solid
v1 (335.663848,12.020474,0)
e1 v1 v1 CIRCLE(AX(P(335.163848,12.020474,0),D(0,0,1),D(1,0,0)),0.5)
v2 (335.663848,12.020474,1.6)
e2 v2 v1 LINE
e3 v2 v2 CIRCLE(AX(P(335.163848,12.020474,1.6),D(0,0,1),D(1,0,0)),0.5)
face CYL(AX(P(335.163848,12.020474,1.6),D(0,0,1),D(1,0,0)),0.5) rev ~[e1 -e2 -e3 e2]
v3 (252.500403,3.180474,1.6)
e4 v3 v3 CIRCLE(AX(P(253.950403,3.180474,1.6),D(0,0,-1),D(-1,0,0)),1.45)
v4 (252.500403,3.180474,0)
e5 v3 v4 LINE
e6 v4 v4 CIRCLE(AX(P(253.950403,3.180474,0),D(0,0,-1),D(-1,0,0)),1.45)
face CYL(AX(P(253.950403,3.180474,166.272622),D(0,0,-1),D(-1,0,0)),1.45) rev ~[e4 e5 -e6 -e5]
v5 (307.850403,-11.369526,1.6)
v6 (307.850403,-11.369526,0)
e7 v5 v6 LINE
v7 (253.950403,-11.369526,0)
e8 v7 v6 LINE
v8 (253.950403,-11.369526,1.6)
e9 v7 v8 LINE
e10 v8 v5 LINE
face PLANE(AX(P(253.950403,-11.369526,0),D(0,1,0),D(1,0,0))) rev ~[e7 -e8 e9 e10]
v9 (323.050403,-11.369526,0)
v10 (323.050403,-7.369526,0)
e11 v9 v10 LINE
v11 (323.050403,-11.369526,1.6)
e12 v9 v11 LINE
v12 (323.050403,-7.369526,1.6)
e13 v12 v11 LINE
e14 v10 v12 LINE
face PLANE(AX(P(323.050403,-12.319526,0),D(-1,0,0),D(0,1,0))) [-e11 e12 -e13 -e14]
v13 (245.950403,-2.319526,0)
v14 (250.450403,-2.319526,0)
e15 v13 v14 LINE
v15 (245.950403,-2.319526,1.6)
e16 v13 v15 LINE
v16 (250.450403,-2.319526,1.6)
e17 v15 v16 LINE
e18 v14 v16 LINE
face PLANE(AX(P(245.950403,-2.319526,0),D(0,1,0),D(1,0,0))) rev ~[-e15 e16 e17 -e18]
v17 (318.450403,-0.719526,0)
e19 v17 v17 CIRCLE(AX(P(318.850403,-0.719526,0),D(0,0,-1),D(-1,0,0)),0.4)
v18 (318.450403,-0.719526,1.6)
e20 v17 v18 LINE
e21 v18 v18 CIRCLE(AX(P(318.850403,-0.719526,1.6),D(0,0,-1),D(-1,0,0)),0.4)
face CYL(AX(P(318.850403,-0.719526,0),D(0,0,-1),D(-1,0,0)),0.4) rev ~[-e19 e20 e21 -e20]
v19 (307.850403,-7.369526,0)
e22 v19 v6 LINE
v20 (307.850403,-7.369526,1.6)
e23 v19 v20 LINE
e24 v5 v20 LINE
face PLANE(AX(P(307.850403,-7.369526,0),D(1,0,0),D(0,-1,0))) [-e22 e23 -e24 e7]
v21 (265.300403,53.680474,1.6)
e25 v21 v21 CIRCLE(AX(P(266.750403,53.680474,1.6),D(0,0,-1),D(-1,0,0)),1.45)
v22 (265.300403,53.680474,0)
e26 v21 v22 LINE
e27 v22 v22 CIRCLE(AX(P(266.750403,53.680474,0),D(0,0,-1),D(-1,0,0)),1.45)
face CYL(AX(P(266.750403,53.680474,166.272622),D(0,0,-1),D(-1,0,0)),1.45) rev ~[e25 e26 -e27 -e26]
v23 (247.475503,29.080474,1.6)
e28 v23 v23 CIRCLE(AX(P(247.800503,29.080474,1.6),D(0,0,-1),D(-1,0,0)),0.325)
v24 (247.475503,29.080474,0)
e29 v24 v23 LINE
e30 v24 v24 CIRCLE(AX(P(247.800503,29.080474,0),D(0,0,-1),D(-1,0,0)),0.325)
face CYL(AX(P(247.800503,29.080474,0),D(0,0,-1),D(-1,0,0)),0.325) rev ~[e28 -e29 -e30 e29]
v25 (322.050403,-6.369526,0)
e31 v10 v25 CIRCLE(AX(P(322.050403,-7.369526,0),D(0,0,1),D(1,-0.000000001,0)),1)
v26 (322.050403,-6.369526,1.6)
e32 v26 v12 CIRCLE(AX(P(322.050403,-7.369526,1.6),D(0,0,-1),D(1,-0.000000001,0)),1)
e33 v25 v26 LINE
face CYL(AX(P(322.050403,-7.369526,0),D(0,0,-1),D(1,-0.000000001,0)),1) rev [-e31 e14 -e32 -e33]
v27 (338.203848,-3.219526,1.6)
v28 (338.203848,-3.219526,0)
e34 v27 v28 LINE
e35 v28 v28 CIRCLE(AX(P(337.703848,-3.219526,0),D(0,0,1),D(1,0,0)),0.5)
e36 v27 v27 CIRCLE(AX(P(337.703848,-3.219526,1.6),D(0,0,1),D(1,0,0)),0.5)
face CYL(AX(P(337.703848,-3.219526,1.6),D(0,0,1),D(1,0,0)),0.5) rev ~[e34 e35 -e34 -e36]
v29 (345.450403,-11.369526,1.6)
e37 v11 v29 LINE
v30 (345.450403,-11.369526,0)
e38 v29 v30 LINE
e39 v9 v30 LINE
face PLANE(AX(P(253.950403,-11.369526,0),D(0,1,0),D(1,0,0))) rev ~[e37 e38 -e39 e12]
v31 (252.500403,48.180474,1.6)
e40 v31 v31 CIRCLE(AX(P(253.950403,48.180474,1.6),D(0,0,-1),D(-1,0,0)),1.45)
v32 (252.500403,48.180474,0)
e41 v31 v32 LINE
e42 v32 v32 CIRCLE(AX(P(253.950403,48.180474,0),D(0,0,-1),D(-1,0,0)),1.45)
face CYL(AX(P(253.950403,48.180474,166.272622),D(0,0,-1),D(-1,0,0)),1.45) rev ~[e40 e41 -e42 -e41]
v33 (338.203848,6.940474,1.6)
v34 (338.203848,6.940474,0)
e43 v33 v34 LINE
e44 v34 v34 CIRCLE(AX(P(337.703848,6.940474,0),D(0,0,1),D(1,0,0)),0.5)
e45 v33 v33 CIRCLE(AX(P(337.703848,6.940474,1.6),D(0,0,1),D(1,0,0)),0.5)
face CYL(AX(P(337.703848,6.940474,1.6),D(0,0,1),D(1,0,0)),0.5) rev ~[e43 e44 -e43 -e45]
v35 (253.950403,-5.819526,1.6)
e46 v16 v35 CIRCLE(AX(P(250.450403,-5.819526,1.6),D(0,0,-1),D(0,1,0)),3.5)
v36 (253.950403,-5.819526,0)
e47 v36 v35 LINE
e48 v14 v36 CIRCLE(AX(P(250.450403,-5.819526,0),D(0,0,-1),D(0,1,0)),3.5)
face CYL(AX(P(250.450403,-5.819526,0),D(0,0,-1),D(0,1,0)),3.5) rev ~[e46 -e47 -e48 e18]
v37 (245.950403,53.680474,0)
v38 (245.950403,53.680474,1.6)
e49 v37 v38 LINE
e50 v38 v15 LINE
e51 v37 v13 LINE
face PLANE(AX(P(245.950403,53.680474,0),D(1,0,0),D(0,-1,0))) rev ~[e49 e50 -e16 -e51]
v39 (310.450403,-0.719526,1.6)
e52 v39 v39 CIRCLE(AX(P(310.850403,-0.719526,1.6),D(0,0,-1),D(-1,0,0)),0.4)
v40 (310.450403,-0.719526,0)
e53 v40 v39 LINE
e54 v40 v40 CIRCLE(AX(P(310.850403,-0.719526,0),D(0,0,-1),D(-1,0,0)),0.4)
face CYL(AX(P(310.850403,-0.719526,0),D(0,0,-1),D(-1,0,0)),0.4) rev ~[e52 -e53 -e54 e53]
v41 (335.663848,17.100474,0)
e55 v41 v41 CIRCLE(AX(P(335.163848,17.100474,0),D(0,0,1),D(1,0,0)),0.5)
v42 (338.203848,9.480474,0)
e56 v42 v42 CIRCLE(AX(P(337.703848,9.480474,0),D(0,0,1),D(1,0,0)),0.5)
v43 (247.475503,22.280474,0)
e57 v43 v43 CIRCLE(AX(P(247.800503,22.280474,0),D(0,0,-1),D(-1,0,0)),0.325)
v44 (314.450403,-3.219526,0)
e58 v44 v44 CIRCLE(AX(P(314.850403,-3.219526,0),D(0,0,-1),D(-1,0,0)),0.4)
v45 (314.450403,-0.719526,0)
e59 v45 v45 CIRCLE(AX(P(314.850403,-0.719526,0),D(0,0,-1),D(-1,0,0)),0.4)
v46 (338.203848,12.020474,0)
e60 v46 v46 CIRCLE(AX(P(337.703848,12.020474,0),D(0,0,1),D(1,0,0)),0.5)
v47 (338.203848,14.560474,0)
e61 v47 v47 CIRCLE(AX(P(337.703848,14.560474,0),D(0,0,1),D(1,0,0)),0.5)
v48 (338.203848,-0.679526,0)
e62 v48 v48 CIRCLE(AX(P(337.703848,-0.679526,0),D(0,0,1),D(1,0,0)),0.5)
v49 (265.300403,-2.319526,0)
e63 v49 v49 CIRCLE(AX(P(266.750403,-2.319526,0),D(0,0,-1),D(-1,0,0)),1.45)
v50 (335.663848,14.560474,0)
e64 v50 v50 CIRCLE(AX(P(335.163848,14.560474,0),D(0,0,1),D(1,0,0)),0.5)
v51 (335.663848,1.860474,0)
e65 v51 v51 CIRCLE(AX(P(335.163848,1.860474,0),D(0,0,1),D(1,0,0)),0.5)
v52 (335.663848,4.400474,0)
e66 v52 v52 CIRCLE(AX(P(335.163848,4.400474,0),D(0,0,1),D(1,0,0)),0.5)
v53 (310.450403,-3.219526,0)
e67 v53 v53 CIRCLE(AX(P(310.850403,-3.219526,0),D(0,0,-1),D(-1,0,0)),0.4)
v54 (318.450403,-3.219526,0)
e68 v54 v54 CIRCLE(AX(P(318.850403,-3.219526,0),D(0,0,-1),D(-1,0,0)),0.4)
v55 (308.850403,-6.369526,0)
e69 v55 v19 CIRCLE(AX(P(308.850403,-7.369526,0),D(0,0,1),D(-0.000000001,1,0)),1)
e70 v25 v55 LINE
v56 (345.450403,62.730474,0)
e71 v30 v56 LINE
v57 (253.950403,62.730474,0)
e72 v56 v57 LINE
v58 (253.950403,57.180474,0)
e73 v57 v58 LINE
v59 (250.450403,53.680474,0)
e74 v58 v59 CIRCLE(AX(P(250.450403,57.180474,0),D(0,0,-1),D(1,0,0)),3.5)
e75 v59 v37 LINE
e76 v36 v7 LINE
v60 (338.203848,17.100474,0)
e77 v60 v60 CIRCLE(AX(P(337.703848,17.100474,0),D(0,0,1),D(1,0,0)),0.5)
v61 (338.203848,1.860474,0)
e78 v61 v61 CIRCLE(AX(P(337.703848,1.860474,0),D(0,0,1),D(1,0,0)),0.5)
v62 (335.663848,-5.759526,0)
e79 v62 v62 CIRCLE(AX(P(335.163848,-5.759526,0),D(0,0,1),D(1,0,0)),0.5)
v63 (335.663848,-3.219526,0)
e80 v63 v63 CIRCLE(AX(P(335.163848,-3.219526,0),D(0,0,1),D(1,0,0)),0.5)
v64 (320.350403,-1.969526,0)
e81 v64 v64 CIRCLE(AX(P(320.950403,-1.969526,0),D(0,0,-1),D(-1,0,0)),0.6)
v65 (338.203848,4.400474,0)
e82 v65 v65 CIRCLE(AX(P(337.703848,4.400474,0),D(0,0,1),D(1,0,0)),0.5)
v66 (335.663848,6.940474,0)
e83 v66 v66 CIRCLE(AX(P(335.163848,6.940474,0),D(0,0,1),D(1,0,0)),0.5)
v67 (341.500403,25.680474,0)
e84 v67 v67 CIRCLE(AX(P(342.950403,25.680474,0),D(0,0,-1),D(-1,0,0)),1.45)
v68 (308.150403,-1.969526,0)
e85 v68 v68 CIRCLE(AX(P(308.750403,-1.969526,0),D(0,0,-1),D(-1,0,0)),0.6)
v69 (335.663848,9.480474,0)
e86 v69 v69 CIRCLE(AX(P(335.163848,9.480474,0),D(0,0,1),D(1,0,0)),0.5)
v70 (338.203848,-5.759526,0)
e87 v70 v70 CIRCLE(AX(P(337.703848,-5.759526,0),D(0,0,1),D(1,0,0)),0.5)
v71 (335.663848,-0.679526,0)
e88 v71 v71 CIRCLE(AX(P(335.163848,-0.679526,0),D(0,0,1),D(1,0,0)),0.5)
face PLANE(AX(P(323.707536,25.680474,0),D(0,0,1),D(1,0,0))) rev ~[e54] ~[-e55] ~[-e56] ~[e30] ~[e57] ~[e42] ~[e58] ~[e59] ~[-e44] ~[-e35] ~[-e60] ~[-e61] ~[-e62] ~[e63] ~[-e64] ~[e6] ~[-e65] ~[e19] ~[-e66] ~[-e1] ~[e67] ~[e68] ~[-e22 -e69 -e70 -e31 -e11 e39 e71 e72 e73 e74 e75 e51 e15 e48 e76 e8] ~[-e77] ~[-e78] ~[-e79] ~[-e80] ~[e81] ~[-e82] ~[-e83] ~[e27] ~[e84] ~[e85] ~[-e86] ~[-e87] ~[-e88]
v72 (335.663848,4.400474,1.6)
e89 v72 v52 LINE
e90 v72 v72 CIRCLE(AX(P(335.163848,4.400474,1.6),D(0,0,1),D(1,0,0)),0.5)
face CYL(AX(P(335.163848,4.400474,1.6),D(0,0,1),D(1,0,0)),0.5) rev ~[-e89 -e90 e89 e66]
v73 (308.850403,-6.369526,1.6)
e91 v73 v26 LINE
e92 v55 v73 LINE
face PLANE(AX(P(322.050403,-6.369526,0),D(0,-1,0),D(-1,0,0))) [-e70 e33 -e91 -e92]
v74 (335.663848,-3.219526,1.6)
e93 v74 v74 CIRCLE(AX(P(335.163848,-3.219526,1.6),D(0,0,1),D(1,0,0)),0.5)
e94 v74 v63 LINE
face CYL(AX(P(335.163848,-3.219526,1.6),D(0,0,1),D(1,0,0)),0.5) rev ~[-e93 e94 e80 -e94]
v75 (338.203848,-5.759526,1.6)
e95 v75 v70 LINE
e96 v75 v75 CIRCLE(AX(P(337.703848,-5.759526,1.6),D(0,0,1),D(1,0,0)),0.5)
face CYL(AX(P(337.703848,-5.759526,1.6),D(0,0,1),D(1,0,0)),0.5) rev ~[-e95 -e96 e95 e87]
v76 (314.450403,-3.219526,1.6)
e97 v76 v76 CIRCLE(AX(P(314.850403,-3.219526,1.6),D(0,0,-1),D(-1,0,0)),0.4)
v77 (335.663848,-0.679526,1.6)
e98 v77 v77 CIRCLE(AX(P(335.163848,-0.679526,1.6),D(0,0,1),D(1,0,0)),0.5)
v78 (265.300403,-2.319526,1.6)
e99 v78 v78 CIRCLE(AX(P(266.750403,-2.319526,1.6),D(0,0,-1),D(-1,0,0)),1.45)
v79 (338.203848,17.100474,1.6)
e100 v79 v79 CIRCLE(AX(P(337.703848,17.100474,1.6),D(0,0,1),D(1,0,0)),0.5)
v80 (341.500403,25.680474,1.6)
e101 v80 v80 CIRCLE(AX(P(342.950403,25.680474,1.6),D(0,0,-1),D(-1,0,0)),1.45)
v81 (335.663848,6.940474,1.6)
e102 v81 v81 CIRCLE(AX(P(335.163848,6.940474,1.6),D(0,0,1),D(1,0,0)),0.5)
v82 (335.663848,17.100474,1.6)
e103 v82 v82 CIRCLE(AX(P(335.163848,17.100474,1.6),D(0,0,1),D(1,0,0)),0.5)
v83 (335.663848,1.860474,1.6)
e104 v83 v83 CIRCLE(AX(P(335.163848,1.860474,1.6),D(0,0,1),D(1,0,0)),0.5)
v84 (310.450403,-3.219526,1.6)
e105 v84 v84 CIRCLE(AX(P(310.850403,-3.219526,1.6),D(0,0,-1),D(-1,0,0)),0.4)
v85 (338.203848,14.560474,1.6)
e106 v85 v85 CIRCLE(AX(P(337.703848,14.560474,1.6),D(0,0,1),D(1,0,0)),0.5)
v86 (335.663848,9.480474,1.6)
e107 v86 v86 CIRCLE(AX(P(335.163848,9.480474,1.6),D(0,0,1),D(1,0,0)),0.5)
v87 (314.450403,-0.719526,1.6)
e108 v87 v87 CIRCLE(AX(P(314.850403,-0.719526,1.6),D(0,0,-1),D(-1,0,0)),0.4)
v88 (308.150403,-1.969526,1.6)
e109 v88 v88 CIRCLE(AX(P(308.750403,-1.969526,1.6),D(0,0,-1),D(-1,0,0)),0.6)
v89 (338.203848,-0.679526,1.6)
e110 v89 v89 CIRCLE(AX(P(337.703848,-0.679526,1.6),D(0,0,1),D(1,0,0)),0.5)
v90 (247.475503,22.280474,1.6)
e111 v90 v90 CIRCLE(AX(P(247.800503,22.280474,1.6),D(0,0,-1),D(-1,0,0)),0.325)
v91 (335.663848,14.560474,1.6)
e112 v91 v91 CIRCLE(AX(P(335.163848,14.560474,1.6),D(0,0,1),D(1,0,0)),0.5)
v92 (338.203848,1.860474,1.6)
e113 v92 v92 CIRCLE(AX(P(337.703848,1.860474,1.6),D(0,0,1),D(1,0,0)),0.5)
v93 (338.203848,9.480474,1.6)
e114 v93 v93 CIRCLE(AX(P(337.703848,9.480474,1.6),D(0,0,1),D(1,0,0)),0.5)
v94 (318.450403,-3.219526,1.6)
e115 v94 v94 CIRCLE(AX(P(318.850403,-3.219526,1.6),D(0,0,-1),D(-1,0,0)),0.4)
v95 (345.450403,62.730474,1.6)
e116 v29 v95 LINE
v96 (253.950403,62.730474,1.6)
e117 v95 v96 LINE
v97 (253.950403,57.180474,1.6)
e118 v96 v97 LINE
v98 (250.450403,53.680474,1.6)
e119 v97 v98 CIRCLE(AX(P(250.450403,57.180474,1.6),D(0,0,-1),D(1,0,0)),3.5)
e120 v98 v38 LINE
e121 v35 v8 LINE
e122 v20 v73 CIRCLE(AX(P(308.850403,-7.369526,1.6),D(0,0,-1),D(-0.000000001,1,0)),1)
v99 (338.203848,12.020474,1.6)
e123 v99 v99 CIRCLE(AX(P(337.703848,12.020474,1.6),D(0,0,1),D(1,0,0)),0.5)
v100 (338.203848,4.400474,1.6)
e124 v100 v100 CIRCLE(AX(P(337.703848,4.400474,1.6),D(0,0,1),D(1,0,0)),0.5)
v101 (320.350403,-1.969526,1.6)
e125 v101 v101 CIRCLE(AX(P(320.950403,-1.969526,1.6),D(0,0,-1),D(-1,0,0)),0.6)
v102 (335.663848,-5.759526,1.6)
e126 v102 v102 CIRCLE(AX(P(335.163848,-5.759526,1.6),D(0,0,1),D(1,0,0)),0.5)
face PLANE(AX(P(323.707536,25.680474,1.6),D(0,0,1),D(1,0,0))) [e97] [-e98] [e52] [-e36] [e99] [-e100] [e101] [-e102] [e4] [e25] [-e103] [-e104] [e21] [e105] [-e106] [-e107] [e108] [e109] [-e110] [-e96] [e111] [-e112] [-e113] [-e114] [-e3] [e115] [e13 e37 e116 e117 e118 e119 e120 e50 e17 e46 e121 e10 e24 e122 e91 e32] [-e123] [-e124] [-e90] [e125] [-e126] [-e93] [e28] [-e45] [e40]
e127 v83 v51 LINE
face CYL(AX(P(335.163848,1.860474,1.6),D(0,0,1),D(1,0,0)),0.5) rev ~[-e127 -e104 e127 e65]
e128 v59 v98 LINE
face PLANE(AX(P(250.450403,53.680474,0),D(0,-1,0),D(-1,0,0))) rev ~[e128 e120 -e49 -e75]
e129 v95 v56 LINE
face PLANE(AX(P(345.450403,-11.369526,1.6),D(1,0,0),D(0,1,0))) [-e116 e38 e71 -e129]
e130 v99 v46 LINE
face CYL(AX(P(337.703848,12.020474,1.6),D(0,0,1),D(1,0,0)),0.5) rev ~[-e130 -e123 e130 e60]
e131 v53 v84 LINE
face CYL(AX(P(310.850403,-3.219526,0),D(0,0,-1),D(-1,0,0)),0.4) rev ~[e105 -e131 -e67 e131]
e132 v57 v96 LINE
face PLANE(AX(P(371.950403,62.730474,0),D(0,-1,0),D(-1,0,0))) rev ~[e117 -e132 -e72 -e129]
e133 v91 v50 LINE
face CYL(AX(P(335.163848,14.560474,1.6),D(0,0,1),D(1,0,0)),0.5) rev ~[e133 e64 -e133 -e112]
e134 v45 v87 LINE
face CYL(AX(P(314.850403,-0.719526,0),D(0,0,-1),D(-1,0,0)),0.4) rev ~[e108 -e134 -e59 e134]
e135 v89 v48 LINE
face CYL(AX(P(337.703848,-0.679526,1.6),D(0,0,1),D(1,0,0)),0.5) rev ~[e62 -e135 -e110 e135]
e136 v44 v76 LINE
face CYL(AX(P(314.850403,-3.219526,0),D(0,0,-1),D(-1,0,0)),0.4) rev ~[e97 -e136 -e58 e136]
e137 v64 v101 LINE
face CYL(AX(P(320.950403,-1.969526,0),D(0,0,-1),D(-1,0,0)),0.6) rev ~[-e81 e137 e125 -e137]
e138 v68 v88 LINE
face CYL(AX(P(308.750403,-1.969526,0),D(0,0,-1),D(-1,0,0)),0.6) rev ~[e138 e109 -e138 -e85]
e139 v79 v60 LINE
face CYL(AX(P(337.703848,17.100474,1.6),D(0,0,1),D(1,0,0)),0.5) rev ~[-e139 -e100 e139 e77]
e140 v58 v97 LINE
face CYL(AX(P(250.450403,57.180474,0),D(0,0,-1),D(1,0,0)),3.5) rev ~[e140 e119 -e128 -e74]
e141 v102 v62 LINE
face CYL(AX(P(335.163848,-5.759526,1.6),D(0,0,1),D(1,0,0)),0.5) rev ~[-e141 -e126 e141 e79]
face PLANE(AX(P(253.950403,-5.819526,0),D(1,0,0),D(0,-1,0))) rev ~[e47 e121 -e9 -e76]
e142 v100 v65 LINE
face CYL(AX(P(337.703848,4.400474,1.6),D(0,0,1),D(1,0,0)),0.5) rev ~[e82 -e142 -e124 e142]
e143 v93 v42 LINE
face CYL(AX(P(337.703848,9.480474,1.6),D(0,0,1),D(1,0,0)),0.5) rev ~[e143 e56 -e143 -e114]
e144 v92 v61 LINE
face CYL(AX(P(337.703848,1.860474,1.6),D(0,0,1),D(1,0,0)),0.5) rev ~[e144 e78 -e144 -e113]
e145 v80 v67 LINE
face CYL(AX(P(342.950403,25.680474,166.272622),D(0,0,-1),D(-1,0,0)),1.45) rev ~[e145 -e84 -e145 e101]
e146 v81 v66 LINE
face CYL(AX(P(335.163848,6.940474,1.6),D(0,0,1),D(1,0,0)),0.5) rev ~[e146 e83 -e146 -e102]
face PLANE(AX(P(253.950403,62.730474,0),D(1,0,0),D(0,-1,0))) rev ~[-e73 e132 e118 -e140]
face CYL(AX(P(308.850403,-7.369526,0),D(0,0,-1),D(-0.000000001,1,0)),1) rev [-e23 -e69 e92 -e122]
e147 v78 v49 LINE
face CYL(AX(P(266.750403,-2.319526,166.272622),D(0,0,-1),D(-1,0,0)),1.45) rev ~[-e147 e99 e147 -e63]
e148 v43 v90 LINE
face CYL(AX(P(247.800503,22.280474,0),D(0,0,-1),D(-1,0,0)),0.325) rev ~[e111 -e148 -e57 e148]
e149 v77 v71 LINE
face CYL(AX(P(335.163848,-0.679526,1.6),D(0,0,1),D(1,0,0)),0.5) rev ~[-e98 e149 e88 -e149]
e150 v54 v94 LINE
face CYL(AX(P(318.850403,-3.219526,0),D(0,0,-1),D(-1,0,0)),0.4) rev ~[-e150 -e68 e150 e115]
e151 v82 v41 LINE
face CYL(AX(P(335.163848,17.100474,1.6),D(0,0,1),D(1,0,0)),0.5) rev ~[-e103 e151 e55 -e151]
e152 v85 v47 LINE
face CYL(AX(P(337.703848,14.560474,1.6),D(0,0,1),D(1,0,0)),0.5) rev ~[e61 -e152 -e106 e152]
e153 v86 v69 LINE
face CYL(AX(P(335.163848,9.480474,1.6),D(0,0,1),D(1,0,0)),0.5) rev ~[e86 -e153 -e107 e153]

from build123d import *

# Parameters (mm, degrees)
BOSS_EXTRUDE1_DEPTH    = 1.6
M2_5_CLEARANCE_HOLE1_D = 2.9
SKETCH5_W              = 47.55
SKETCH5_H              = 74.1
CUT_EXTRUDE1_DEPTH     = 2.6
SKETCH6_R              = 0.325
CUT_EXTRUDE2_DEPTH     = 2.6
CUT_EXTRUDE3_DEPTH     = 2.6
SKETCH9_R              = 0.6
SKETCH9_R_2            = 0.4
CUT_EXTRUDE4_DEPTH     = 2.6
SKETCH10_R             = 0.5
CUT_EXTRUDE5_DEPTH     = 2.6


with BuildPart() as part:
    # Sketch2 → Boss-Extrude1 (new body)
    with BuildSketch(Plane.XY):
        with BuildLine():
            Line((371.950402667, 62.730474091), (253.950402667, 62.730474091))
            Line((253.950402667, 62.730474091), (253.950402667, 57.180474091))
            ThreePointArc((253.950402667, 57.180474091), (252.925276401, 54.705600357), (250.450402667, 53.680474091))
            Line((250.450402667, 53.680474091), (245.950402667, 53.680474091))
            Line((245.950402667, 53.680474091), (245.950402667, -2.319525909))
            Line((245.950402667, -2.319525909), (250.450402667, -2.319525909))
            ThreePointArc((250.450402667, -2.319525909), (252.925276401, -3.344652175), (253.950402667, -5.819525909))
            Line((253.950402667, -5.819525909), (253.950402667, -11.369525909))
            Line((253.950402667, -11.369525909), (371.950402667, -11.369525909))
            Line((371.950402667, -11.369525909), (371.950402667, -5.819525909))
            ThreePointArc((371.950402667, -5.819525909), (375.450402667, -2.319525909), (378.950402667, -5.819525909))
            Line((378.950402667, -5.819525909), (378.950402667, -11.369525909))
            Line((378.950402667, -11.369525909), (393.000402667, -11.369525909))
            Line((393.000402667, -11.369525909), (393.000402667, 62.730474091))
            Line((393.000402667, 62.730474091), (378.950402667, 62.730474091))
            Line((378.950402667, 62.730474091), (378.950402667, 57.180474091))
            ThreePointArc((378.950402667, 57.180474091), (375.450402667, 53.680474091), (371.950402667, 57.180474091))
            Line((371.950402667, 57.180474091), (371.950402667, 62.730474091))
        make_face()
    extrude(amount=BOSS_EXTRUDE1_DEPTH)

    # M2.5 Clearance Hole1 (through all)
    with Locations(Plane.XY.offset(1.6)):
        with Locations((347.250402667, -2.319525909), (342.950402667, 25.680474091), (347.250402667, 53.680474091), (266.750402667, -2.319525909), (253.950402667, 3.180474091), (266.750402667, 53.680474091), (253.950402667, 48.180474091)):
            Hole(M2_5_CLEARANCE_HOLE1_D / 2)

    # Sketch5 → Cut-Extrude1 (cut, through all)
    with BuildSketch(Plane.XY.offset(1.6)):
        with Locations((369.225402667, 25.680474091)):
            Rectangle(SKETCH5_W, SKETCH5_H)
    extrude(amount=-CUT_EXTRUDE1_DEPTH, mode=Mode.SUBTRACT)

    # Sketch6 → Cut-Extrude2 (cut, through all)
    with BuildSketch(Plane(origin=(0, 0, 0), x_dir=(-1, 0, 0), z_dir=(0, 0, -1))):
        with Locations((-247.800502667, 29.080474091)):
            Circle(SKETCH6_R)
        with Locations((-247.800502667, 22.280474091)):
            Circle(SKETCH6_R)
    extrude(amount=-CUT_EXTRUDE2_DEPTH, mode=Mode.SUBTRACT)

    # Sketch7 → Cut-Extrude3 (cut, through all)
    with BuildSketch(Plane(origin=(0, 0, 0), x_dir=(-1, 0, 0), z_dir=(0, 0, -1))):
        with BuildLine():
            Line((-307.850402667, -7.369525909), (-307.850402667, -12.319525909))
            Line((-307.850402667, -12.319525909), (-323.050402667, -12.319525909))
            Line((-323.050402667, -12.319525909), (-323.050402667, -7.369525909))
            ThreePointArc((-323.050402667, -7.369525909), (-322.757509449, -6.662419128), (-322.050402667, -6.369525909))
            Line((-322.050402667, -6.369525909), (-308.850402667, -6.369525909))
            ThreePointArc((-308.850402667, -6.369525909), (-308.143295886, -6.662419128), (-307.850402667, -7.369525909))
        make_face()
    extrude(amount=-CUT_EXTRUDE3_DEPTH, mode=Mode.SUBTRACT)

    # Sketch9 → Cut-Extrude4 (cut, through all)
    with BuildSketch(Plane(origin=(0, 0, 0), x_dir=(-1, 0, 0), z_dir=(0, 0, -1))):
        with Locations((-308.750402667, -1.969525909)):
            Circle(SKETCH9_R)
        with Locations((-310.850402667, -3.219525909)):
            Circle(SKETCH9_R_2)
        with Locations((-314.850402667, -3.219525909)):
            Circle(SKETCH9_R_2)
        with Locations((-314.850402667, -0.719525909)):
            Circle(SKETCH9_R_2)
        with Locations((-318.850402667, -0.719525909)):
            Circle(SKETCH9_R_2)
        with Locations((-318.850402667, -3.219525909)):
            Circle(SKETCH9_R_2)
        with Locations((-320.950402667, -1.969525909)):
            Circle(SKETCH9_R)
        with Locations((-310.850402667, -0.719525909)):
            Circle(SKETCH9_R_2)
    extrude(amount=-CUT_EXTRUDE4_DEPTH, mode=Mode.SUBTRACT)

    # Sketch10 → Cut-Extrude5 (cut, through all)
    with BuildSketch(Plane.XY.offset(1.6)):
        with Locations((335.163848042, -5.759525909)):
            Circle(SKETCH10_R)
        with Locations((337.703848042, -5.759525909)):
            Circle(SKETCH10_R)
        with Locations((337.703848042, -3.219525909)):
            Circle(SKETCH10_R)
        with Locations((335.163848042, -3.219525909)):
            Circle(SKETCH10_R)
        with Locations((335.163848042, -0.679525909)):
            Circle(SKETCH10_R)
        with Locations((337.703848042, -0.679525909)):
            Circle(SKETCH10_R)
        with Locations((335.163848042, 1.860474091)):
            Circle(SKETCH10_R)
        with Locations((337.703848042, 1.860474091)):
            Circle(SKETCH10_R)
        with Locations((335.163848042, 4.400474091)):
            Circle(SKETCH10_R)
        with Locations((337.703848042, 4.400474091)):
            Circle(SKETCH10_R)
        with Locations((335.163848042, 6.940474091)):
            Circle(SKETCH10_R)
        with Locations((337.703848042, 6.940474091)):
            Circle(SKETCH10_R)
        with Locations((335.163848042, 9.480474091)):
            Circle(SKETCH10_R)
        with Locations((337.703848042, 9.480474091)):
            Circle(SKETCH10_R)
        with Locations((335.163848042, 12.020474091)):
            Circle(SKETCH10_R)
        with Locations((337.703848042, 12.020474091)):
            Circle(SKETCH10_R)
        with Locations((335.163848042, 14.560474091)):
            Circle(SKETCH10_R)
        with Locations((337.703848042, 14.560474091)):
            Circle(SKETCH10_R)
        with Locations((335.163848042, 17.100474091)):
            Circle(SKETCH10_R)
        with Locations((337.703848042, 17.100474091)):
            Circle(SKETCH10_R)
    extrude(amount=-CUT_EXTRUDE5_DEPTH, mode=Mode.SUBTRACT)


solid = part.part
